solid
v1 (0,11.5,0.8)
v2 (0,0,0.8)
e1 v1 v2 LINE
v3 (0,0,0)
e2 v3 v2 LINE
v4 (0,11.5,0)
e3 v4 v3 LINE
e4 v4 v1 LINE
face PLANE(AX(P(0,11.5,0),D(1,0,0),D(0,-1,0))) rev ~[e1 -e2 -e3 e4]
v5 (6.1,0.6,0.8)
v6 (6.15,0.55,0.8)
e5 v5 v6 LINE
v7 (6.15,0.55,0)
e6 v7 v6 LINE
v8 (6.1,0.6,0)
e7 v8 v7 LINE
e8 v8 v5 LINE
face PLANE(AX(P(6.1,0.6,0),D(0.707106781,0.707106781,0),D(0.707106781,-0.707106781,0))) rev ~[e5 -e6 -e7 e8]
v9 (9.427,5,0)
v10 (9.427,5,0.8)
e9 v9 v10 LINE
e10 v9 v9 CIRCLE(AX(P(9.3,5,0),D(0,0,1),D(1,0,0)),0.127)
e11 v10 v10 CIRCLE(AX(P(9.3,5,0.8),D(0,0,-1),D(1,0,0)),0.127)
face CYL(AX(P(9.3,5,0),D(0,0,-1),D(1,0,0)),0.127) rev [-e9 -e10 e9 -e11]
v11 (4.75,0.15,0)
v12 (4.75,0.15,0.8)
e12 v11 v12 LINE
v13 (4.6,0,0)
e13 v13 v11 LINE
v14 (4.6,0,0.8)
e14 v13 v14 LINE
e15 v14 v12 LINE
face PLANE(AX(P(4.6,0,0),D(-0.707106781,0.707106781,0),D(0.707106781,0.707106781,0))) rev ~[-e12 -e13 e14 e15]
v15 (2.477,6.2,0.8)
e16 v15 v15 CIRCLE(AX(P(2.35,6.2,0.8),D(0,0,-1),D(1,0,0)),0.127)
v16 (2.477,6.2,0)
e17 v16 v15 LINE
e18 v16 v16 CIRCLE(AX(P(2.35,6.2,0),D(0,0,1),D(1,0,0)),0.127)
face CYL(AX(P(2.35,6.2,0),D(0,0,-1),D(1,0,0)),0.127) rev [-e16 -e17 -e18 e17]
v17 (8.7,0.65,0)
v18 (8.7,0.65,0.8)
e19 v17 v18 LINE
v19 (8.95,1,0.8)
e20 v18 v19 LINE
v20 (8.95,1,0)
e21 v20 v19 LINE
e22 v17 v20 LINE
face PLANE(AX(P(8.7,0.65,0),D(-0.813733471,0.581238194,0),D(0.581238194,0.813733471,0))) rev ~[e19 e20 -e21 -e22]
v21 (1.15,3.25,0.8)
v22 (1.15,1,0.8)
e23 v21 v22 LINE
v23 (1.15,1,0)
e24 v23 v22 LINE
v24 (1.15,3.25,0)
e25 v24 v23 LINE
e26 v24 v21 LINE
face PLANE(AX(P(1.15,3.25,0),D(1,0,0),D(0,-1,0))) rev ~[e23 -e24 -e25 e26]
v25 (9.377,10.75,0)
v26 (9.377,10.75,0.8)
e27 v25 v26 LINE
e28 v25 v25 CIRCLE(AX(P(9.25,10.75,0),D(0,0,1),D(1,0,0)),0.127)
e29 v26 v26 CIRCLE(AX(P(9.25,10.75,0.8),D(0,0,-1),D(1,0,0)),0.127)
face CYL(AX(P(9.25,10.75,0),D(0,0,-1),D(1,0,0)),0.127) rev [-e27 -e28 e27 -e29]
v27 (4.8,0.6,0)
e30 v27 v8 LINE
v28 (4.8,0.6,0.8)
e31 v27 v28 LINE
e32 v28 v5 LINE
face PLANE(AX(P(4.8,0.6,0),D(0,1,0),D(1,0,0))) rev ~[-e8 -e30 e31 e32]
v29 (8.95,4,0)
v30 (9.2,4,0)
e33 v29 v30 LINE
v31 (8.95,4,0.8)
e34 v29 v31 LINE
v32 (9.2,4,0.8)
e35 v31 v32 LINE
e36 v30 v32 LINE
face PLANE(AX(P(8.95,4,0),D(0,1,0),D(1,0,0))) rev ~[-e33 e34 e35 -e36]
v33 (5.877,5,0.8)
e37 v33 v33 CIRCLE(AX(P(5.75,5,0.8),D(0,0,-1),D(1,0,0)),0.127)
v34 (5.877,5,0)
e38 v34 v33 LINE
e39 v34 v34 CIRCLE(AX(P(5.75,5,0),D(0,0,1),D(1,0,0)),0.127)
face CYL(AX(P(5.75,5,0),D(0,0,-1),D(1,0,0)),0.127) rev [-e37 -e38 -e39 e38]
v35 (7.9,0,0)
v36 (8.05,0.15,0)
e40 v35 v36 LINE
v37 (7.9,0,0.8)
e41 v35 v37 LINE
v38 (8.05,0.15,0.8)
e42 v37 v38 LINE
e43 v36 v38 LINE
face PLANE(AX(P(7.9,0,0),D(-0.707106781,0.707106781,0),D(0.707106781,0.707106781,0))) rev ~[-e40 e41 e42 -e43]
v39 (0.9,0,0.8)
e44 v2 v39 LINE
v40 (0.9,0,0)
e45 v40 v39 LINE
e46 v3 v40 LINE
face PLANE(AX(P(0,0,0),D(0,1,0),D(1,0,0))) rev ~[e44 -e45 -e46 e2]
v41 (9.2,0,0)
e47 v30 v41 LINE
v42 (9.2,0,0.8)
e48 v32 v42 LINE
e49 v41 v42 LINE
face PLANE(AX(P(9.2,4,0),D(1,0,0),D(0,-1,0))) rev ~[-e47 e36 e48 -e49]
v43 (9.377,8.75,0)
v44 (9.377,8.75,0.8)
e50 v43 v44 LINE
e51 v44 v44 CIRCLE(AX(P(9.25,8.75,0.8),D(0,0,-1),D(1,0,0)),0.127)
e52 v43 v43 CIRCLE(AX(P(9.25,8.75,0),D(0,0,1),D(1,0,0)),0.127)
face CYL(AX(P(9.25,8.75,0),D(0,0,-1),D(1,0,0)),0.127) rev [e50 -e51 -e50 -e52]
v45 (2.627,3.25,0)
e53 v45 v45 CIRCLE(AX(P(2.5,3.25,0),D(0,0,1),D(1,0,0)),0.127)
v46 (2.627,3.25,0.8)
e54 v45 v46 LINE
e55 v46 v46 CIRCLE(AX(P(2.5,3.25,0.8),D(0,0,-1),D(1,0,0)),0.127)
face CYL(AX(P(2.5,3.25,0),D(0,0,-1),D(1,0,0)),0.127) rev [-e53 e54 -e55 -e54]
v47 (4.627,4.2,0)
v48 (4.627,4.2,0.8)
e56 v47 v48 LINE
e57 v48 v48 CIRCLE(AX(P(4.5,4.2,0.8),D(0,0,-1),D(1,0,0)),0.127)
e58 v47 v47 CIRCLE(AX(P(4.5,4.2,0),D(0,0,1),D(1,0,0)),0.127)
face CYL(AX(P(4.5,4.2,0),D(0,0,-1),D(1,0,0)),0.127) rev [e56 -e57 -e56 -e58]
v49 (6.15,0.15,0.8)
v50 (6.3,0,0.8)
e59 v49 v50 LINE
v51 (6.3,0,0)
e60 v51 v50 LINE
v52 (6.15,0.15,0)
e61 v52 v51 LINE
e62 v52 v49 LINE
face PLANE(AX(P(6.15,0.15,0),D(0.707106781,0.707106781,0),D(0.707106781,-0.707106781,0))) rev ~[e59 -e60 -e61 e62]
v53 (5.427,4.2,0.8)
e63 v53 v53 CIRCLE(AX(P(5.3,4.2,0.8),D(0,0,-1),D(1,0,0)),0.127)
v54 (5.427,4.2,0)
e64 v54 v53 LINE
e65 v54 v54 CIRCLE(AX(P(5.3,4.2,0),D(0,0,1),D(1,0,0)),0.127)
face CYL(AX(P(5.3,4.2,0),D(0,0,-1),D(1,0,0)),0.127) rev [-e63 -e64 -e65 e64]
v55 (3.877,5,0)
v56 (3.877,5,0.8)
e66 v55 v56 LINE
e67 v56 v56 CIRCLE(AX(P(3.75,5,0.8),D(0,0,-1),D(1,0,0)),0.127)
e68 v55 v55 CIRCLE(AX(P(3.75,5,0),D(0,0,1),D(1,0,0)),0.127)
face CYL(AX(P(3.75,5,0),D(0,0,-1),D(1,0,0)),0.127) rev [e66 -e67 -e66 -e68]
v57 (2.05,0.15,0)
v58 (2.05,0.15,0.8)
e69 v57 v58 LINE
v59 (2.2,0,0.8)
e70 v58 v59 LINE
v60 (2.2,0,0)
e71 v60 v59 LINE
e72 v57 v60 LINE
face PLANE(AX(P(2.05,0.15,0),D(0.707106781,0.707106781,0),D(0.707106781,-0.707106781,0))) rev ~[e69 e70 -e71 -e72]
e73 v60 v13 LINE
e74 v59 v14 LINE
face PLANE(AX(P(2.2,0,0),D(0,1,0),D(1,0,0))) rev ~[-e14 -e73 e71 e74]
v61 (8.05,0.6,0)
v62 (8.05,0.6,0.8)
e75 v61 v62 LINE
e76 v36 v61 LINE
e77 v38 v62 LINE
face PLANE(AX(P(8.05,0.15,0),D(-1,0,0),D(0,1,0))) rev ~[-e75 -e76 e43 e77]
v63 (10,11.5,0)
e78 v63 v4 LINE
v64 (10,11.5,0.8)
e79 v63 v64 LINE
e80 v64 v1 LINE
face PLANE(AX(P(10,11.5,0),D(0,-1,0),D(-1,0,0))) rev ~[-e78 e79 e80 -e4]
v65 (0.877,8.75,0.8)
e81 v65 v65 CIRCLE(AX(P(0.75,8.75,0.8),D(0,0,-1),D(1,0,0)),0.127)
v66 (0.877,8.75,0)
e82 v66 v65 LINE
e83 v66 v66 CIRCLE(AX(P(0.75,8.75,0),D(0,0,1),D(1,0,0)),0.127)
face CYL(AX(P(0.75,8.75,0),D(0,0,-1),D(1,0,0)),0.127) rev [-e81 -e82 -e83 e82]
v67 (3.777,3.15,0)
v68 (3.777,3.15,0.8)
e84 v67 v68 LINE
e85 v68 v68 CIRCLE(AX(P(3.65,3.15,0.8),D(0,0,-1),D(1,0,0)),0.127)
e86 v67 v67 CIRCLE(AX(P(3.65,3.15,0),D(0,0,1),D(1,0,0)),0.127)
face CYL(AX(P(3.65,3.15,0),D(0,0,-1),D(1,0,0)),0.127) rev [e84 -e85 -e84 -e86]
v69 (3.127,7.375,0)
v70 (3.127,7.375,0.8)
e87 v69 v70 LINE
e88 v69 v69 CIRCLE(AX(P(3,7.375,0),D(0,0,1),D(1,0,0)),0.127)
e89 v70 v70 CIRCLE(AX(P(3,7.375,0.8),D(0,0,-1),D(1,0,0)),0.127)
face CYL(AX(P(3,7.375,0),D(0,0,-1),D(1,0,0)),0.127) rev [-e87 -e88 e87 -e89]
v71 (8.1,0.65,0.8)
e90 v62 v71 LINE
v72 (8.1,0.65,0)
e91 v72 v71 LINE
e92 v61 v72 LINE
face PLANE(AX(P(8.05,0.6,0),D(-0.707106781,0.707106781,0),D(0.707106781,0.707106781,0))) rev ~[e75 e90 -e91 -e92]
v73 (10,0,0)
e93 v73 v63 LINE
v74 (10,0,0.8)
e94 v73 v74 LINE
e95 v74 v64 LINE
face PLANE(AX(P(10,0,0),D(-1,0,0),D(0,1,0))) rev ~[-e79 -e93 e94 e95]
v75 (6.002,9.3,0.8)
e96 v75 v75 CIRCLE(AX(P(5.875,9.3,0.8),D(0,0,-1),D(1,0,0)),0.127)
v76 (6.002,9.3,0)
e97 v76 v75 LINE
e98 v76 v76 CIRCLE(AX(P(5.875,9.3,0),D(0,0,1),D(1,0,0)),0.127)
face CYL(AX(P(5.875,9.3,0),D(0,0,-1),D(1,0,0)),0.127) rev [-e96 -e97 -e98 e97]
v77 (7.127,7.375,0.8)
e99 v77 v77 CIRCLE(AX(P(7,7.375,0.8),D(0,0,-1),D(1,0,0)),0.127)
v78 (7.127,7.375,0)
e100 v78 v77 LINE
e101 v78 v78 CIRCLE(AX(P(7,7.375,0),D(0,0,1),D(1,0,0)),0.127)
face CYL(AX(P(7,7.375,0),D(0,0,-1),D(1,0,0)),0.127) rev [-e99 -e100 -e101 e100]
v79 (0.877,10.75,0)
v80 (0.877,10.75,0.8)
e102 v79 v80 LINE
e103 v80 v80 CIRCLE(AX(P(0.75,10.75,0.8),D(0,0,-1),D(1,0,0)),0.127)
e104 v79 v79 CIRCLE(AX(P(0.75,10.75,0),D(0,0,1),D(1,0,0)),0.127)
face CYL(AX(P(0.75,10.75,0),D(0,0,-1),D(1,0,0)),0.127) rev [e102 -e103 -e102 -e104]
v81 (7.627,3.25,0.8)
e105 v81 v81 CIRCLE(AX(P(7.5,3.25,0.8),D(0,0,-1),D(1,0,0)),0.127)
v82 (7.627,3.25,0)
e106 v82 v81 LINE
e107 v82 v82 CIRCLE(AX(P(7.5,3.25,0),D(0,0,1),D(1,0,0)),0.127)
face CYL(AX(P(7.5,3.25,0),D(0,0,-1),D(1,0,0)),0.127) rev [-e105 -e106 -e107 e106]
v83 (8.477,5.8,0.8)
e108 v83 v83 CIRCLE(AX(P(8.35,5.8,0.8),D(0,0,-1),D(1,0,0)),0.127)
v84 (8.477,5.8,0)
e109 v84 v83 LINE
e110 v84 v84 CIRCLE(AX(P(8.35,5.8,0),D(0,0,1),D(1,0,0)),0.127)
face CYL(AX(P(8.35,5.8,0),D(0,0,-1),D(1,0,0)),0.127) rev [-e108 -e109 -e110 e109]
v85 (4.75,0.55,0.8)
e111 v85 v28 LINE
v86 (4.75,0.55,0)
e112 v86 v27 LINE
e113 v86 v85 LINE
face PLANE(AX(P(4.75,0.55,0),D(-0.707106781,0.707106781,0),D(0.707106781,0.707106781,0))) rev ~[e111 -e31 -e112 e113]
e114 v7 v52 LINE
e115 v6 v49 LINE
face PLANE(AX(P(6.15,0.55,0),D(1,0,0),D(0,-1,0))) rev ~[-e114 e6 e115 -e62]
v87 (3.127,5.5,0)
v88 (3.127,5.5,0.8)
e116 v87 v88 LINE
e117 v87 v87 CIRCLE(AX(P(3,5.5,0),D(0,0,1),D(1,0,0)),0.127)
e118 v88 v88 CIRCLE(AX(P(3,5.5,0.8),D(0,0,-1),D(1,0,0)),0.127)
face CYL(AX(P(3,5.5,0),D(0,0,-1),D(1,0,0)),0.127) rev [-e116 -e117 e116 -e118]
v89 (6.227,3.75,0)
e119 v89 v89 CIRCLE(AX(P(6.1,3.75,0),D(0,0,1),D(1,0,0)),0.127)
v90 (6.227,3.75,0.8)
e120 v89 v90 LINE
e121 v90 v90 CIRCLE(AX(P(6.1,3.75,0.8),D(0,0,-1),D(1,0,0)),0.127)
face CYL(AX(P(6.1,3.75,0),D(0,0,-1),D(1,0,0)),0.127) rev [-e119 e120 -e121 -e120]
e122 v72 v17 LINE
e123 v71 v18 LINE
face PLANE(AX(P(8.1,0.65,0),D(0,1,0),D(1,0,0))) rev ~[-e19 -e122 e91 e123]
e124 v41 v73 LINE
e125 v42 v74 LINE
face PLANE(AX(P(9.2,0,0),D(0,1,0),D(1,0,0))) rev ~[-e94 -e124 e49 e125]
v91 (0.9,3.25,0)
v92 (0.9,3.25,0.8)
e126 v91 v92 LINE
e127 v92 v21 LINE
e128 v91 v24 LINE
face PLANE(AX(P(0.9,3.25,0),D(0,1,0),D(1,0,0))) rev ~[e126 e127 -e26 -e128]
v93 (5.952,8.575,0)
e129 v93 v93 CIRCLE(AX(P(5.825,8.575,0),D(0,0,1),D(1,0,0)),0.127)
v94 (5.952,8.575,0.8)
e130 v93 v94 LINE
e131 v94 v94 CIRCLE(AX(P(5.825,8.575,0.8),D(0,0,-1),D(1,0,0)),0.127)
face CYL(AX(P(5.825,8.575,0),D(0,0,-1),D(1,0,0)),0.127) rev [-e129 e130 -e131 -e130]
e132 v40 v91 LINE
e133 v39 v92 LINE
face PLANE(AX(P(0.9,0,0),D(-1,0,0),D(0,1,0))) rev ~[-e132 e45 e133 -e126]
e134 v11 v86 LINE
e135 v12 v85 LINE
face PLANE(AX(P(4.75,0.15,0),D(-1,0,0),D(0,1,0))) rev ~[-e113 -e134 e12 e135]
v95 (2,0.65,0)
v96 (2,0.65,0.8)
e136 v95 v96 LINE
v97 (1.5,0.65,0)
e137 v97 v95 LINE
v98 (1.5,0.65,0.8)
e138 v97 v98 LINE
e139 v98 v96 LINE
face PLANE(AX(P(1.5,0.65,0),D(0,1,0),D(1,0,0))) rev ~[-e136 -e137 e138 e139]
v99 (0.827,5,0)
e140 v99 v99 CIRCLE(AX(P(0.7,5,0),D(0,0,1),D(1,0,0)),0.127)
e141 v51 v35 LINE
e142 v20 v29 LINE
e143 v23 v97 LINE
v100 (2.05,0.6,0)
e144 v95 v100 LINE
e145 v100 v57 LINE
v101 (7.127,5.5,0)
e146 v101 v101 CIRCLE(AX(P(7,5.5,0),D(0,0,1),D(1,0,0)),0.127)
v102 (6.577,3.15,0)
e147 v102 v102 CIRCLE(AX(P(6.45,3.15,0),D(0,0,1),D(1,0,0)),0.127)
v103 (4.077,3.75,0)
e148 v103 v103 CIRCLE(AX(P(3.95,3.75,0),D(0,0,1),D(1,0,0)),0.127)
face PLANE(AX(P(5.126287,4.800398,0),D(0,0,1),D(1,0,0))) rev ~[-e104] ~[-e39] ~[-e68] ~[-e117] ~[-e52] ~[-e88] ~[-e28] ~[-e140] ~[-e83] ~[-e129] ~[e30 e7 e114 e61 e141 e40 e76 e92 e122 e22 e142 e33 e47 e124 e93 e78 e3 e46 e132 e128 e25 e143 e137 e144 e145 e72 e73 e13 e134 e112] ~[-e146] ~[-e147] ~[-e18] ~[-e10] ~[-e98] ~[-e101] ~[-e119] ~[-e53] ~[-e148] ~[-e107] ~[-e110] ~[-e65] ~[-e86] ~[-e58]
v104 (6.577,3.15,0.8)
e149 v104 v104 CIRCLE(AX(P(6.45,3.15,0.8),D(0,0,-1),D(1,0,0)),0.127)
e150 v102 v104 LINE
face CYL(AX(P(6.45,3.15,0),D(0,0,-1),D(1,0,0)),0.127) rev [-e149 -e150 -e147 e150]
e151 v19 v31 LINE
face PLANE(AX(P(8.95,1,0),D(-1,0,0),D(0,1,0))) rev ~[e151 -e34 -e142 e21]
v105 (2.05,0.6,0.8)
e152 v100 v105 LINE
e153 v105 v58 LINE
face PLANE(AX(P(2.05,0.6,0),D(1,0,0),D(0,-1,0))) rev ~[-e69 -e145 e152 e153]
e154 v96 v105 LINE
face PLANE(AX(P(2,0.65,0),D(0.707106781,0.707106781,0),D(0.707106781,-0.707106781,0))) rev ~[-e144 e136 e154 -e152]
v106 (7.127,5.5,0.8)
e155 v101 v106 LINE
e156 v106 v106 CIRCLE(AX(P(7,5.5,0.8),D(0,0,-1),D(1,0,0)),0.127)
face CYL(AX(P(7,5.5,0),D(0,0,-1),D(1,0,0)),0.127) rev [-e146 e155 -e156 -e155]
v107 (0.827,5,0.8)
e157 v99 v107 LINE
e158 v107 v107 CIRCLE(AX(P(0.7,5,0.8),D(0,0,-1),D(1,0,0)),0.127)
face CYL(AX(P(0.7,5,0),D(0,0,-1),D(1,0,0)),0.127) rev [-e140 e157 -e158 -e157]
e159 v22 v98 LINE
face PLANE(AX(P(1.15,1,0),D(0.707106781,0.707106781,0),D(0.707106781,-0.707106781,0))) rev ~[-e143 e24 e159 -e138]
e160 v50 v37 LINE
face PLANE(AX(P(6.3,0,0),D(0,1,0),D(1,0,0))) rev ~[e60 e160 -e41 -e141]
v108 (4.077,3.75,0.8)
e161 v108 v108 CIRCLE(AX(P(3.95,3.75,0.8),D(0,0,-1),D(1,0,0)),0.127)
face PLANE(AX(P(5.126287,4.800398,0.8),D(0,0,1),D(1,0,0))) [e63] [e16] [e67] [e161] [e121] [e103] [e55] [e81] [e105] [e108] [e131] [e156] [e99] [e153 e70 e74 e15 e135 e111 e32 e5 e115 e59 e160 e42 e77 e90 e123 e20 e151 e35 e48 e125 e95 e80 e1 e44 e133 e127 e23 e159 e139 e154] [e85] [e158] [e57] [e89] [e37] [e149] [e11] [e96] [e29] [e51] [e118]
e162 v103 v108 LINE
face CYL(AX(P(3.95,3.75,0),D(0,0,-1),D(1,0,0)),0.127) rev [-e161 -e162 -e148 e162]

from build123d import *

# Parameters (mm, degrees)
BOARD_OUTLINE_DEPTH = 0.8
SKETCH2_R           = 0.127
NPTH_DEPTH          = 16.260733927


with BuildPart() as part:
    # Sketch1 → Board_Outline (new body)
    with BuildSketch(Plane.XY):
        Polygon((10, 0), (10, 11.5), (0, 11.5), (0, 0), (0.9, 0), (0.9, 3.25), (1.15, 3.25), (1.15, 1), (1.5, 0.65), (2, 0.65), (2.05, 0.6), (2.05, 0.15), (2.2, 0), (4.6, 0), (4.75, 0.15), (4.75, 0.55), (4.8, 0.6), (6.1, 0.6), (6.15, 0.55), (6.15, 0.15), (6.3, 0), (7.9, 0), (8.05, 0.15), (8.05, 0.6), (8.1, 0.65), (8.7, 0.65), (8.95, 1), (8.95, 4), (9.2, 4), (9.2, 0), align=None)
    extrude(amount=BOARD_OUTLINE_DEPTH)

    # Sketch2 → NPTH (cut, through all)
    with BuildSketch(Plane.XY):
        with Locations((4.5, 4.2)):
            Circle(SKETCH2_R)
        with Locations((5.875, 9.3)):
            Circle(SKETCH2_R)
        with Locations((5.3, 4.2)):
            Circle(SKETCH2_R)
        with Locations((5.825, 8.575)):
            Circle(SKETCH2_R)
        with Locations((7.5, 3.25)):
            Circle(SKETCH2_R)
        with Locations((2.5, 3.25)):
            Circle(SKETCH2_R)
        with Locations((3.75, 5)):
            Circle(SKETCH2_R)
        with Locations((5.75, 5)):
            Circle(SKETCH2_R)
        with Locations((7, 5.5)):
            Circle(SKETCH2_R)
        with Locations((3, 5.5)):
            Circle(SKETCH2_R)
        with Locations((3, 7.375)):
            Circle(SKETCH2_R)
        with Locations((7, 7.375)):
            Circle(SKETCH2_R)
        with Locations((9.25, 8.75)):
            Circle(SKETCH2_R)
        with Locations((0.75, 8.75)):
            Circle(SKETCH2_R)
        with Locations((9.25, 10.75)):
            Circle(SKETCH2_R)
        with Locations((0.75, 10.75)):
            Circle(SKETCH2_R)
        with Locations((9.3, 5)):
            Circle(SKETCH2_R)
        with Locations((0.7, 5)):
            Circle(SKETCH2_R)
        with Locations((3.95, 3.75)):
            Circle(SKETCH2_R)
        with Locations((8.35, 5.8)):
            Circle(SKETCH2_R)
        with Locations((6.1, 3.75)):
            Circle(SKETCH2_R)
        with Locations((3.65, 3.15)):
            Circle(SKETCH2_R)
        with Locations((6.45, 3.15)):
            Circle(SKETCH2_R)
        with Locations((2.35, 6.2)):
            Circle(SKETCH2_R)
    extrude(amount=NPTH_DEPTH, mode=Mode.SUBTRACT)


solid = part.part
